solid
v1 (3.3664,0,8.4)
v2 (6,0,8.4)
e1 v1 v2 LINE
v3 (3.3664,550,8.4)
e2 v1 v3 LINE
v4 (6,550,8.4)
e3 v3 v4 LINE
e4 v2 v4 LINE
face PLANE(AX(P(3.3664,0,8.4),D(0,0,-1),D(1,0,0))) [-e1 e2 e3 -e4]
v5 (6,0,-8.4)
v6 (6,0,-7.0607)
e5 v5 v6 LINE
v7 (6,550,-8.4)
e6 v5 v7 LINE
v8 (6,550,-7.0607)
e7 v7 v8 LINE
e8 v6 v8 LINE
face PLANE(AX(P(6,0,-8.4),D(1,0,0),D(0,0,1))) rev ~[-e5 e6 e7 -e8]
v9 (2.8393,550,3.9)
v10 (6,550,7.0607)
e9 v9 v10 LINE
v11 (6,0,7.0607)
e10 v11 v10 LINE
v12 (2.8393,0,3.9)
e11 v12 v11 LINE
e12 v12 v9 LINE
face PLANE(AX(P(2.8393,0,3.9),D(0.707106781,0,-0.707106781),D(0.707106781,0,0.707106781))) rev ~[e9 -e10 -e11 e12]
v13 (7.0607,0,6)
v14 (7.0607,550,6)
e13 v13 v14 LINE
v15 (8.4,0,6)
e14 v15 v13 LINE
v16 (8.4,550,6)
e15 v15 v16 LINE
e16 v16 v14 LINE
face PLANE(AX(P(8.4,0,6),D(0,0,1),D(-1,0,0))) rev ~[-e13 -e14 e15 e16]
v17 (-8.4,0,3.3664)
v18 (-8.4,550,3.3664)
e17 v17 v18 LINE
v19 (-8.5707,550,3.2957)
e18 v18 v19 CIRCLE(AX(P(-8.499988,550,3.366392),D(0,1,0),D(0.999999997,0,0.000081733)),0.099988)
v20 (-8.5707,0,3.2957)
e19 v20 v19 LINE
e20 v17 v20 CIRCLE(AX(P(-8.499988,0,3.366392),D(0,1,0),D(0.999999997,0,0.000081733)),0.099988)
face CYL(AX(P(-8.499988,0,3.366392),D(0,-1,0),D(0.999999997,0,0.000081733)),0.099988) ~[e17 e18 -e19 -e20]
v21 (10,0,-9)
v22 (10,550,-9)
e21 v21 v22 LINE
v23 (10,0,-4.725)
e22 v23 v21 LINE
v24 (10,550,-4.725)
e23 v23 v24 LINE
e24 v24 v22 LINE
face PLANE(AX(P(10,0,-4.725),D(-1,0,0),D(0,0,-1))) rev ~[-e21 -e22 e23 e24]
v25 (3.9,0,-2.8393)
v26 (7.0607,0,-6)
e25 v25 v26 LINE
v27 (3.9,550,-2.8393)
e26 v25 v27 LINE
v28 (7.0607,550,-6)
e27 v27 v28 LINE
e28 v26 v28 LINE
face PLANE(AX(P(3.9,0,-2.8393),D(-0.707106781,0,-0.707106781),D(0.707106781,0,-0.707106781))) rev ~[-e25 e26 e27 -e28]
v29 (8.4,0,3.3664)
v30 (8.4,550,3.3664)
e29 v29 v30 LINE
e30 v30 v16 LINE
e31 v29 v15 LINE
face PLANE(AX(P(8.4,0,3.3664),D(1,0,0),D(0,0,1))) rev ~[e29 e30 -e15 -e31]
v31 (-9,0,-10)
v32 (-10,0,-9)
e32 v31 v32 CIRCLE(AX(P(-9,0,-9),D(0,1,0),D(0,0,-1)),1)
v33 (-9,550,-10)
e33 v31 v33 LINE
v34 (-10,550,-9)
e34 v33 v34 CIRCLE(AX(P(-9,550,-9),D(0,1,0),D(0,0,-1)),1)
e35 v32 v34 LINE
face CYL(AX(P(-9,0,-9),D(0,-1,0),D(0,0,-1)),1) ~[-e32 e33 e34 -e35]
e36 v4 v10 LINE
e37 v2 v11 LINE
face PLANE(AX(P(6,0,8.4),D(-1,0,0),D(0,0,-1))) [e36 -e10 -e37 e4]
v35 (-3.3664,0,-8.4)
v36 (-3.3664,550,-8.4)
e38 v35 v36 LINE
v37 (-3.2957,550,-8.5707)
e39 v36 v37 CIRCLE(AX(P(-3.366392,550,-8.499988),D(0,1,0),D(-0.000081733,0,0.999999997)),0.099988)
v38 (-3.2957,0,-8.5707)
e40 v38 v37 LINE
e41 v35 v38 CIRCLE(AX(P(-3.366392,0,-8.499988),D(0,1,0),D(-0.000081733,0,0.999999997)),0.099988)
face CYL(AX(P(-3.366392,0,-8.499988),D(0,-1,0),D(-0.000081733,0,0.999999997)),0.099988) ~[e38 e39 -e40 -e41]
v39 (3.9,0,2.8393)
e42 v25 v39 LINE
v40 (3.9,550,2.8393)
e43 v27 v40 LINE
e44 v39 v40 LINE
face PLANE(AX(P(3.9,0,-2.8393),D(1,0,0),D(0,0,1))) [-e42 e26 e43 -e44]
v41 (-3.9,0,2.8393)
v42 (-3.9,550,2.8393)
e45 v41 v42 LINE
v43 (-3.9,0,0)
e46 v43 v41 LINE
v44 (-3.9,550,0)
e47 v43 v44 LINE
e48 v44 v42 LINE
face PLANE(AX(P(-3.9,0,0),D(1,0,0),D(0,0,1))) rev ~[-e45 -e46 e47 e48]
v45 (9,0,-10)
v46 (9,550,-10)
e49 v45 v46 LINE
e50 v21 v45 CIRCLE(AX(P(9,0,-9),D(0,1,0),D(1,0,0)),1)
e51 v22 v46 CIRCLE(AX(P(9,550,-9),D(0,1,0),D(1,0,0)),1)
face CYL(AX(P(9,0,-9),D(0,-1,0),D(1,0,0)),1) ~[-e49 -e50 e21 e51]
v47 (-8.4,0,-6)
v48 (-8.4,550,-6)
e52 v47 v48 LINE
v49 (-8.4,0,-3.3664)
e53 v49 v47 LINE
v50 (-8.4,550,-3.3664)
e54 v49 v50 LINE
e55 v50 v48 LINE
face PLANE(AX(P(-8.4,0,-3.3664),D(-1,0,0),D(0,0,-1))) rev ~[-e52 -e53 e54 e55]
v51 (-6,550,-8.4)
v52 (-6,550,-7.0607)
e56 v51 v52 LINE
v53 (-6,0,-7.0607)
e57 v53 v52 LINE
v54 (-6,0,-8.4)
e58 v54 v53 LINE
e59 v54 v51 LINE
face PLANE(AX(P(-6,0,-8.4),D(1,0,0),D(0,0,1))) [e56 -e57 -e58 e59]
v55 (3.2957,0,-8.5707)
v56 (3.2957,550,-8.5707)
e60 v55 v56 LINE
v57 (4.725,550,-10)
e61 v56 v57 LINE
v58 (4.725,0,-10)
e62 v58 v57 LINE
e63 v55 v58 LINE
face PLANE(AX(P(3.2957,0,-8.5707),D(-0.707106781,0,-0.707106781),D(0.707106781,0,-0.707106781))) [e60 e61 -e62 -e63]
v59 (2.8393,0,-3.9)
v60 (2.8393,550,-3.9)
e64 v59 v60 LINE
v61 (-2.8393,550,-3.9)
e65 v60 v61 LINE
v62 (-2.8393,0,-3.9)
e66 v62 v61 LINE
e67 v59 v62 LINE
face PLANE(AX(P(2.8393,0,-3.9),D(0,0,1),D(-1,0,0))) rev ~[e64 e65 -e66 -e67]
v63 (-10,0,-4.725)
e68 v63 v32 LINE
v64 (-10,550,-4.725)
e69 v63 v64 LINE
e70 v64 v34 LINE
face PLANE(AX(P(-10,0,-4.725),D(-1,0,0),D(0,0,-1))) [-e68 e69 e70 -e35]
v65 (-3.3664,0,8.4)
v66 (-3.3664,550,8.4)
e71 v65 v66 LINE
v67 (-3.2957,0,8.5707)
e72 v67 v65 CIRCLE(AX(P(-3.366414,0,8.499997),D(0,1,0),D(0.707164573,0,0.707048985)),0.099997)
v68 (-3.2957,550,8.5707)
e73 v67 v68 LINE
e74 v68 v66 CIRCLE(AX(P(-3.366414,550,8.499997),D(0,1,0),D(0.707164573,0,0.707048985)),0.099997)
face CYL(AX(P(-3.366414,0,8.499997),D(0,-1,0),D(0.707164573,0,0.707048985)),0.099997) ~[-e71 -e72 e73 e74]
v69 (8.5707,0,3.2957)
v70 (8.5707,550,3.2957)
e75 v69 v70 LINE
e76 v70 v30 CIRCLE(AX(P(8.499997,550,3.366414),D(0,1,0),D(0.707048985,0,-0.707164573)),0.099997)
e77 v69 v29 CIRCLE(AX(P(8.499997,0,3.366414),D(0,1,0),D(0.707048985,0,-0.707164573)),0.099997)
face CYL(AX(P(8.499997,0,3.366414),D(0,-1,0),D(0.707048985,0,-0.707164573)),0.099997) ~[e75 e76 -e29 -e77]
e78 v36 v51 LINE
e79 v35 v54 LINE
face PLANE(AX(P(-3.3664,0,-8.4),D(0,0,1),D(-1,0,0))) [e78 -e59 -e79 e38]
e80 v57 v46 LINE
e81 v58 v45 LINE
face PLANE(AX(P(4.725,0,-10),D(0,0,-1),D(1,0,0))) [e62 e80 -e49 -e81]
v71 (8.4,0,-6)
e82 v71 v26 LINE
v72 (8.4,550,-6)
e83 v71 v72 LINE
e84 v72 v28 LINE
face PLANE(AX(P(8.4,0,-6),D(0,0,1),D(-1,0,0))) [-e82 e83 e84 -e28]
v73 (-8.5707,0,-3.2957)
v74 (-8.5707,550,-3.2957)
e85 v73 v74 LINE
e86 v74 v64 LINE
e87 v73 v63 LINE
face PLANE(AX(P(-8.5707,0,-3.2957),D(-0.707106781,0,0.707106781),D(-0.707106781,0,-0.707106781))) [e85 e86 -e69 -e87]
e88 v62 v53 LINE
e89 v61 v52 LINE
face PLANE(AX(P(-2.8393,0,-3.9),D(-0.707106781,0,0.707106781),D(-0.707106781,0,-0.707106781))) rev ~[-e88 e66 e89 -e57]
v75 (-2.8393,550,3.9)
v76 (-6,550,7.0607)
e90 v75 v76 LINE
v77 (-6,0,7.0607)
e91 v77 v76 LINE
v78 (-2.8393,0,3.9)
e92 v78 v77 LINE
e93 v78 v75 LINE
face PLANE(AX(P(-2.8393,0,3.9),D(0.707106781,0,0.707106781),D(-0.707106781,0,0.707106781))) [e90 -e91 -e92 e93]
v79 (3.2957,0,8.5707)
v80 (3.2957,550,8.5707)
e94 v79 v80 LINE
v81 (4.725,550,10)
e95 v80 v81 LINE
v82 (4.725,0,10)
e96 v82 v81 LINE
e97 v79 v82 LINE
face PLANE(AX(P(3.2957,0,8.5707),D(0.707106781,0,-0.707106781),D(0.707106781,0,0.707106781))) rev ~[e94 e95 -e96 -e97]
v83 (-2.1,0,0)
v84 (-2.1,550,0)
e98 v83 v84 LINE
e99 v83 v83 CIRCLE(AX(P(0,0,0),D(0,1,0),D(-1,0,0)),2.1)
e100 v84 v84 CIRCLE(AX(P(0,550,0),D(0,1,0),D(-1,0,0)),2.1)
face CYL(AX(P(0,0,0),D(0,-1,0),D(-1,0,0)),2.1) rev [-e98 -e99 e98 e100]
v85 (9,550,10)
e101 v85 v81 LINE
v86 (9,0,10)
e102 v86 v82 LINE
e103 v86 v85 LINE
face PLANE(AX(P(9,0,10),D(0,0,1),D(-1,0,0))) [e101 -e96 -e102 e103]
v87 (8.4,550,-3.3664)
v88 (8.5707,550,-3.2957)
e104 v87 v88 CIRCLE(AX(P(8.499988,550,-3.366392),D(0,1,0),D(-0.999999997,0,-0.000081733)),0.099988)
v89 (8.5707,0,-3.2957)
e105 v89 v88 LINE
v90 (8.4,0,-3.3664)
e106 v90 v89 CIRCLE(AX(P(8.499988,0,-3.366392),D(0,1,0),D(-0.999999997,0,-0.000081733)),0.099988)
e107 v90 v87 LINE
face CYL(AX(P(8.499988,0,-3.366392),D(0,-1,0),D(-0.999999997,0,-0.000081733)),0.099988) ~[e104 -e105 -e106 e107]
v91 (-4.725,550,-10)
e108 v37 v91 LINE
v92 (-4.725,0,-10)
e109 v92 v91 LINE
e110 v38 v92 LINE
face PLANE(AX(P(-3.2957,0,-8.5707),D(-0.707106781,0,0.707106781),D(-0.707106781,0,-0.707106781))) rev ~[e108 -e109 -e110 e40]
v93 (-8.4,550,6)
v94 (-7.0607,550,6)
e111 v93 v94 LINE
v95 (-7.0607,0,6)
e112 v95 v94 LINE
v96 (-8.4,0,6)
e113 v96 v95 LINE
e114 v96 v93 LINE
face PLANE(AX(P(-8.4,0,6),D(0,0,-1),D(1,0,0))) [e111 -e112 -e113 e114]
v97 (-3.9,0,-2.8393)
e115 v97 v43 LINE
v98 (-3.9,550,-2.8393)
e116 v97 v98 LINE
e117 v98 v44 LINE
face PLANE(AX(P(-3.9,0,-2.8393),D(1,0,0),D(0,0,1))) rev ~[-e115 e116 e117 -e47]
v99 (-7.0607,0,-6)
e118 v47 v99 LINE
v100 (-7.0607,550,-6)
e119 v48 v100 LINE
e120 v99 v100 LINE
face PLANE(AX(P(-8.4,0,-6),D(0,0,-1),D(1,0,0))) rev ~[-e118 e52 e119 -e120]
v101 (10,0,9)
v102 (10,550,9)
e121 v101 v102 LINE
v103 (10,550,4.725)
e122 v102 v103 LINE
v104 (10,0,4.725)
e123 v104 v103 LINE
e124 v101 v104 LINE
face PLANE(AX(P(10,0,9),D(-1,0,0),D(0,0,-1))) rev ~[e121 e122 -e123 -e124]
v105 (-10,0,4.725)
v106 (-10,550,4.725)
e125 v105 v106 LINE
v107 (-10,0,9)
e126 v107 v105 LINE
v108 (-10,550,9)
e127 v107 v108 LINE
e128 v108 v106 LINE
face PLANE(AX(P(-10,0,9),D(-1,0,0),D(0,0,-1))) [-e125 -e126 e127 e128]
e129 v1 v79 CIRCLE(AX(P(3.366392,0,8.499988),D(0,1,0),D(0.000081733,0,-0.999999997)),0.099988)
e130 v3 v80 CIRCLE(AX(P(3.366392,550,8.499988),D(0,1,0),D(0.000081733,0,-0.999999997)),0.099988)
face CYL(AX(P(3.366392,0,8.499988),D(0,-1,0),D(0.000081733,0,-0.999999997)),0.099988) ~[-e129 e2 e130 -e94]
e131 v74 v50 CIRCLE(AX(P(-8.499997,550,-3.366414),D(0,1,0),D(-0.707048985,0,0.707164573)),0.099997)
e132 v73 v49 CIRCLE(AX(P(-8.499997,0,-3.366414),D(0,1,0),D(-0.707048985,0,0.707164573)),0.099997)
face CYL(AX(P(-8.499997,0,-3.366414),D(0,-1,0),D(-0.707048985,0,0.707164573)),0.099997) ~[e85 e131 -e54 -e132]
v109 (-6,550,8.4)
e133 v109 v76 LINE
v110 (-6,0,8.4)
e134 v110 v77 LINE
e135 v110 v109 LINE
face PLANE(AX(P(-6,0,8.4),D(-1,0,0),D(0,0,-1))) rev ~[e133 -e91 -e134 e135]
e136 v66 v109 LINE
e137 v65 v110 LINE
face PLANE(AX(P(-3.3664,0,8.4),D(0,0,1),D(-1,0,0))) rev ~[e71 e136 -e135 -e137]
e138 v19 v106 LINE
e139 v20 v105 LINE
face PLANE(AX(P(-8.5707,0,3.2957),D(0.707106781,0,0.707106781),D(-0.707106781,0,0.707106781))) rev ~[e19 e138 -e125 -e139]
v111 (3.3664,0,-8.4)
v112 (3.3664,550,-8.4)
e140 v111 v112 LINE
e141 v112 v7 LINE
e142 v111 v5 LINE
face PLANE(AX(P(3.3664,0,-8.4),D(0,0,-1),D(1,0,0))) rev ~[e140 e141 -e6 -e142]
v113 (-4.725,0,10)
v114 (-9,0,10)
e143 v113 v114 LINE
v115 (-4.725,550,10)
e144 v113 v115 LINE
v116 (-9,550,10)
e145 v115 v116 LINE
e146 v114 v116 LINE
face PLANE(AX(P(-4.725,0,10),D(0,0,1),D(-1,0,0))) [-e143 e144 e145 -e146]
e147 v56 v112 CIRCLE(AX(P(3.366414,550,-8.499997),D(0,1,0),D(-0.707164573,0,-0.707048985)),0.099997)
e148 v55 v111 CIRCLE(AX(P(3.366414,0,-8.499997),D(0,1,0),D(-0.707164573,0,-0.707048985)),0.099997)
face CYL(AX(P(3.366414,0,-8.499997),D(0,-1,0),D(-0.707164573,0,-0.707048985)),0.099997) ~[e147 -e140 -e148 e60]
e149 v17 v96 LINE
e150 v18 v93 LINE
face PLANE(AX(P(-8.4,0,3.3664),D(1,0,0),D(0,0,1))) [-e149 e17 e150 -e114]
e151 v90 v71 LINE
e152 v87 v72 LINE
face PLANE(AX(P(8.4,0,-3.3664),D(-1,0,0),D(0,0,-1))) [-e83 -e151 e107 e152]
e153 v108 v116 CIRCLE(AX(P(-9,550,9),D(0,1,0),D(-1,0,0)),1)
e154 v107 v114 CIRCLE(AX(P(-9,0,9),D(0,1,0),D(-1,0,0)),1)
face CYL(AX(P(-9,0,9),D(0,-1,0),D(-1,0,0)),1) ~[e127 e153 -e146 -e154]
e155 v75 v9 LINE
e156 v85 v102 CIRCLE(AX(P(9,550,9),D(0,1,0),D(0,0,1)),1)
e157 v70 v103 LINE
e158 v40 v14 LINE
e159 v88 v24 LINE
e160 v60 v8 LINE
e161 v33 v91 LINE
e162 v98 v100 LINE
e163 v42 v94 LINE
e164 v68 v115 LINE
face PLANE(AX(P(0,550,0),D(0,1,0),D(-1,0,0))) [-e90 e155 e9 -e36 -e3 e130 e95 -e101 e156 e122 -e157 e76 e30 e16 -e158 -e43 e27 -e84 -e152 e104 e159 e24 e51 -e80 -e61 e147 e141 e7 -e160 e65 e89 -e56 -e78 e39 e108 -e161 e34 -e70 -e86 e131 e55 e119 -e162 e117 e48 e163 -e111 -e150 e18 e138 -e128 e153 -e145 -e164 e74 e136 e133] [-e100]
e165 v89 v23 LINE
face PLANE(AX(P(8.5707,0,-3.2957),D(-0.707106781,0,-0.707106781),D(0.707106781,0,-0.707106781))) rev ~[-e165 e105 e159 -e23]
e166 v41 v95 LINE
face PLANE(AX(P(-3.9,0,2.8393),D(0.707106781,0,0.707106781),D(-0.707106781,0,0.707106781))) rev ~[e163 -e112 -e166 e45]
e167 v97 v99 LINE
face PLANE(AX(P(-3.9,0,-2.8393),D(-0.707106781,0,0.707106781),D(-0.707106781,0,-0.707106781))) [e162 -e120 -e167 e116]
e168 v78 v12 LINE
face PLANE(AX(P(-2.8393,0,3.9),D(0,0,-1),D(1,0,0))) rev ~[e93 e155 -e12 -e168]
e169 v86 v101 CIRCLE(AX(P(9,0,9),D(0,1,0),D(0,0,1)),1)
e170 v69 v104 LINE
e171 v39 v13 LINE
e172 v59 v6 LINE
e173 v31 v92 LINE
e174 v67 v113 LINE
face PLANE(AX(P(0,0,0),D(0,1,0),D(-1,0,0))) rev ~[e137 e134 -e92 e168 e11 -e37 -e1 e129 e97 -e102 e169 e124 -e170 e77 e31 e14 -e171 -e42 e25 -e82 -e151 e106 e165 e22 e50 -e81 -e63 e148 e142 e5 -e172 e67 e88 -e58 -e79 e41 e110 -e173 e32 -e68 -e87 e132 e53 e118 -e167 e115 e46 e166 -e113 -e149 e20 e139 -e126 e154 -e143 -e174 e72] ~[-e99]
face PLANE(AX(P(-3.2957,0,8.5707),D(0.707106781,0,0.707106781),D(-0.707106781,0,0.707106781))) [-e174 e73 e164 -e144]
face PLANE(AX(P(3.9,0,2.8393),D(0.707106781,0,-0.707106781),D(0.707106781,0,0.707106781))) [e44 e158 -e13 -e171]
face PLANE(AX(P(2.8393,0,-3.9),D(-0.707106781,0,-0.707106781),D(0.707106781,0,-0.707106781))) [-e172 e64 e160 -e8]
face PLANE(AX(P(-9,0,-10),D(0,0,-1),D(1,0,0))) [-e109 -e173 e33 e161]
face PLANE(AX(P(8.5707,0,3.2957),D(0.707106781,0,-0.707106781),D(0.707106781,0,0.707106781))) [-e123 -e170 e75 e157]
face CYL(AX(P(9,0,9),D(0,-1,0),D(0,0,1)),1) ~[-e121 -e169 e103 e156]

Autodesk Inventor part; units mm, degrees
ref_plane "YZ Plane" through (0, 0, 0) normal (1, 0, 0) x (0, 1, 0)
ref_plane "XZ Plane" through (0, 0, 0) normal (0, 1, 0) x (-1, 0, 0)
ref_plane "XY Plane" through (0, 0, 0) normal (0, 0, 1) x (1, 0, 0)
sketch "Sketch1" plane through (0, 0, 0) normal (0, 1, 0) x (-1, 0, 0)
  line L0 (3.9, -2.8393) -> (3.9, 2.8393)
  line L1 (2.8393, 3.9) -> (-2.8393, 3.9)
  line L2 (-2.8393, -3.9) -> (2.8393, -3.9)
  line L3 (8.5707, 3.2957) -> (10, 4.725)
  line L4 (8.5707, -3.2957) -> (10, -4.725)
  line L5 (8.4, 3.3664) -> (8.4, 6)
  line L6 (8.4, 6) -> (7.0607, 6)
  line L7 (10, 9) -> (10, 4.725)
  line L8 (10, -4.725) -> (10, -9)
  line L9 (3.9, 2.8393) -> (7.0607, 6)
  line L10 (3.2957, 8.5707) -> (4.725, 10)
  line L11 (3.3664, 8.4) -> (6, 8.4)
  line L12 (6, 8.4) -> (6, 7.0607)
  line L13 (2.8393, 3.9) -> (6, 7.0607)
  line L14 (3.9, 0) -> (8.4, 0)
  line L15 (8.4, -3.3664) -> (8.4, -6)
  line L16 (8.4, -6) -> (7.0607, -6)
  line L17 (3.9, -2.8393) -> (7.0607, -6)
  line L18 (3.2957, -8.5707) -> (4.725, -10)
  line L19 (3.3664, -8.4) -> (6, -8.4)
  line L20 (6, -8.4) -> (6, -7.0607)
  line L21 (2.8393, -3.9) -> (6, -7.0607)
  line L22 (-3.9, -2.8393) -> (-3.9, 2.8393)
  line L23 (-8.5707, 3.2957) -> (-10, 4.725)
  line L24 (-8.5707, -3.2957) -> (-10, -4.725)
  line L25 (-8.4, 3.3664) -> (-8.4, 6)
  line L26 (-8.4, 6) -> (-7.0607, 6)
  line L27 (-10, 9) -> (-10, 4.725)
  line L28 (-10, -4.725) -> (-10, -9)
  line L29 (-3.9, 2.8393) -> (-7.0607, 6)
  line L30 (-3.2957, 8.5707) -> (-4.725, 10)
  line L31 (-3.3664, 8.4) -> (-6, 8.4)
  line L32 (-6, 8.4) -> (-6, 7.0607)
  line L33 (-2.8393, 3.9) -> (-6, 7.0607)
  line L34 (-3.9, -2.8393) -> (-7.0607, -6)
  line L35 (-8.4, -6) -> (-7.0607, -6)
  line L36 (-8.4, -3.3664) -> (-8.4, -6)
  line L37 (-2.8393, -3.9) -> (-6, -7.0607)
  line L38 (-6, -8.4) -> (-6, -7.0607)
  line L39 (-3.3664, -8.4) -> (-6, -8.4)
  line L40 (-3.2957, -8.5707) -> (-4.725, -10)
  line L41 (-9, 10) -> (-4.725, 10)
  line L42 (4.725, 10) -> (9, 10)
  line L43 (9, -10) -> (4.725, -10)
  line L44 (-4.725, -10) -> (-9, -10)
  circle A0 centre (0, 0) radius 2.1
  arc A1 (10, 9) -> (9, 10) centre (9, 9) ccw
  arc A2 (9, -10) -> (10, -9) centre (9, -9) ccw
  arc A3 (-10, -9) -> (-9, -10) centre (-9, -9) ccw
  arc A4 (-9, 10) -> (-10, 9) centre (-9, 9) ccw
  arc A5 (8.4, 3.3664) -> (8.5707, 3.2957) centre (8.5, 3.3664) ccw
  arc A6 (3.2957, 8.5707) -> (3.3664, 8.4) centre (3.3664, 8.5) ccw
  arc A7 (8.5707, -3.2957) -> (8.4, -3.3664) centre (8.5, -3.3664) ccw
  arc A8 (3.3664, -8.4) -> (3.2957, -8.5707) centre (3.3664, -8.5) ccw
  arc A9 (-3.2957, -8.5707) -> (-3.3664, -8.4) centre (-3.3664, -8.5) ccw
  arc A10 (-8.4, -3.3664) -> (-8.5707, -3.2957) centre (-8.5, -3.3664) ccw
  arc A11 (-8.5707, 3.2957) -> (-8.4, 3.3664) centre (-8.5, 3.3664) ccw
  arc A12 (-3.3664, 8.4) -> (-3.2957, 8.5707) centre (-3.3664, 8.5) ccw
  dimension "d11" = 1
extrude "Extrusion1" add sketch "Sketch1" along normal blind 550
properties part number "VSLOT20x20x500"
